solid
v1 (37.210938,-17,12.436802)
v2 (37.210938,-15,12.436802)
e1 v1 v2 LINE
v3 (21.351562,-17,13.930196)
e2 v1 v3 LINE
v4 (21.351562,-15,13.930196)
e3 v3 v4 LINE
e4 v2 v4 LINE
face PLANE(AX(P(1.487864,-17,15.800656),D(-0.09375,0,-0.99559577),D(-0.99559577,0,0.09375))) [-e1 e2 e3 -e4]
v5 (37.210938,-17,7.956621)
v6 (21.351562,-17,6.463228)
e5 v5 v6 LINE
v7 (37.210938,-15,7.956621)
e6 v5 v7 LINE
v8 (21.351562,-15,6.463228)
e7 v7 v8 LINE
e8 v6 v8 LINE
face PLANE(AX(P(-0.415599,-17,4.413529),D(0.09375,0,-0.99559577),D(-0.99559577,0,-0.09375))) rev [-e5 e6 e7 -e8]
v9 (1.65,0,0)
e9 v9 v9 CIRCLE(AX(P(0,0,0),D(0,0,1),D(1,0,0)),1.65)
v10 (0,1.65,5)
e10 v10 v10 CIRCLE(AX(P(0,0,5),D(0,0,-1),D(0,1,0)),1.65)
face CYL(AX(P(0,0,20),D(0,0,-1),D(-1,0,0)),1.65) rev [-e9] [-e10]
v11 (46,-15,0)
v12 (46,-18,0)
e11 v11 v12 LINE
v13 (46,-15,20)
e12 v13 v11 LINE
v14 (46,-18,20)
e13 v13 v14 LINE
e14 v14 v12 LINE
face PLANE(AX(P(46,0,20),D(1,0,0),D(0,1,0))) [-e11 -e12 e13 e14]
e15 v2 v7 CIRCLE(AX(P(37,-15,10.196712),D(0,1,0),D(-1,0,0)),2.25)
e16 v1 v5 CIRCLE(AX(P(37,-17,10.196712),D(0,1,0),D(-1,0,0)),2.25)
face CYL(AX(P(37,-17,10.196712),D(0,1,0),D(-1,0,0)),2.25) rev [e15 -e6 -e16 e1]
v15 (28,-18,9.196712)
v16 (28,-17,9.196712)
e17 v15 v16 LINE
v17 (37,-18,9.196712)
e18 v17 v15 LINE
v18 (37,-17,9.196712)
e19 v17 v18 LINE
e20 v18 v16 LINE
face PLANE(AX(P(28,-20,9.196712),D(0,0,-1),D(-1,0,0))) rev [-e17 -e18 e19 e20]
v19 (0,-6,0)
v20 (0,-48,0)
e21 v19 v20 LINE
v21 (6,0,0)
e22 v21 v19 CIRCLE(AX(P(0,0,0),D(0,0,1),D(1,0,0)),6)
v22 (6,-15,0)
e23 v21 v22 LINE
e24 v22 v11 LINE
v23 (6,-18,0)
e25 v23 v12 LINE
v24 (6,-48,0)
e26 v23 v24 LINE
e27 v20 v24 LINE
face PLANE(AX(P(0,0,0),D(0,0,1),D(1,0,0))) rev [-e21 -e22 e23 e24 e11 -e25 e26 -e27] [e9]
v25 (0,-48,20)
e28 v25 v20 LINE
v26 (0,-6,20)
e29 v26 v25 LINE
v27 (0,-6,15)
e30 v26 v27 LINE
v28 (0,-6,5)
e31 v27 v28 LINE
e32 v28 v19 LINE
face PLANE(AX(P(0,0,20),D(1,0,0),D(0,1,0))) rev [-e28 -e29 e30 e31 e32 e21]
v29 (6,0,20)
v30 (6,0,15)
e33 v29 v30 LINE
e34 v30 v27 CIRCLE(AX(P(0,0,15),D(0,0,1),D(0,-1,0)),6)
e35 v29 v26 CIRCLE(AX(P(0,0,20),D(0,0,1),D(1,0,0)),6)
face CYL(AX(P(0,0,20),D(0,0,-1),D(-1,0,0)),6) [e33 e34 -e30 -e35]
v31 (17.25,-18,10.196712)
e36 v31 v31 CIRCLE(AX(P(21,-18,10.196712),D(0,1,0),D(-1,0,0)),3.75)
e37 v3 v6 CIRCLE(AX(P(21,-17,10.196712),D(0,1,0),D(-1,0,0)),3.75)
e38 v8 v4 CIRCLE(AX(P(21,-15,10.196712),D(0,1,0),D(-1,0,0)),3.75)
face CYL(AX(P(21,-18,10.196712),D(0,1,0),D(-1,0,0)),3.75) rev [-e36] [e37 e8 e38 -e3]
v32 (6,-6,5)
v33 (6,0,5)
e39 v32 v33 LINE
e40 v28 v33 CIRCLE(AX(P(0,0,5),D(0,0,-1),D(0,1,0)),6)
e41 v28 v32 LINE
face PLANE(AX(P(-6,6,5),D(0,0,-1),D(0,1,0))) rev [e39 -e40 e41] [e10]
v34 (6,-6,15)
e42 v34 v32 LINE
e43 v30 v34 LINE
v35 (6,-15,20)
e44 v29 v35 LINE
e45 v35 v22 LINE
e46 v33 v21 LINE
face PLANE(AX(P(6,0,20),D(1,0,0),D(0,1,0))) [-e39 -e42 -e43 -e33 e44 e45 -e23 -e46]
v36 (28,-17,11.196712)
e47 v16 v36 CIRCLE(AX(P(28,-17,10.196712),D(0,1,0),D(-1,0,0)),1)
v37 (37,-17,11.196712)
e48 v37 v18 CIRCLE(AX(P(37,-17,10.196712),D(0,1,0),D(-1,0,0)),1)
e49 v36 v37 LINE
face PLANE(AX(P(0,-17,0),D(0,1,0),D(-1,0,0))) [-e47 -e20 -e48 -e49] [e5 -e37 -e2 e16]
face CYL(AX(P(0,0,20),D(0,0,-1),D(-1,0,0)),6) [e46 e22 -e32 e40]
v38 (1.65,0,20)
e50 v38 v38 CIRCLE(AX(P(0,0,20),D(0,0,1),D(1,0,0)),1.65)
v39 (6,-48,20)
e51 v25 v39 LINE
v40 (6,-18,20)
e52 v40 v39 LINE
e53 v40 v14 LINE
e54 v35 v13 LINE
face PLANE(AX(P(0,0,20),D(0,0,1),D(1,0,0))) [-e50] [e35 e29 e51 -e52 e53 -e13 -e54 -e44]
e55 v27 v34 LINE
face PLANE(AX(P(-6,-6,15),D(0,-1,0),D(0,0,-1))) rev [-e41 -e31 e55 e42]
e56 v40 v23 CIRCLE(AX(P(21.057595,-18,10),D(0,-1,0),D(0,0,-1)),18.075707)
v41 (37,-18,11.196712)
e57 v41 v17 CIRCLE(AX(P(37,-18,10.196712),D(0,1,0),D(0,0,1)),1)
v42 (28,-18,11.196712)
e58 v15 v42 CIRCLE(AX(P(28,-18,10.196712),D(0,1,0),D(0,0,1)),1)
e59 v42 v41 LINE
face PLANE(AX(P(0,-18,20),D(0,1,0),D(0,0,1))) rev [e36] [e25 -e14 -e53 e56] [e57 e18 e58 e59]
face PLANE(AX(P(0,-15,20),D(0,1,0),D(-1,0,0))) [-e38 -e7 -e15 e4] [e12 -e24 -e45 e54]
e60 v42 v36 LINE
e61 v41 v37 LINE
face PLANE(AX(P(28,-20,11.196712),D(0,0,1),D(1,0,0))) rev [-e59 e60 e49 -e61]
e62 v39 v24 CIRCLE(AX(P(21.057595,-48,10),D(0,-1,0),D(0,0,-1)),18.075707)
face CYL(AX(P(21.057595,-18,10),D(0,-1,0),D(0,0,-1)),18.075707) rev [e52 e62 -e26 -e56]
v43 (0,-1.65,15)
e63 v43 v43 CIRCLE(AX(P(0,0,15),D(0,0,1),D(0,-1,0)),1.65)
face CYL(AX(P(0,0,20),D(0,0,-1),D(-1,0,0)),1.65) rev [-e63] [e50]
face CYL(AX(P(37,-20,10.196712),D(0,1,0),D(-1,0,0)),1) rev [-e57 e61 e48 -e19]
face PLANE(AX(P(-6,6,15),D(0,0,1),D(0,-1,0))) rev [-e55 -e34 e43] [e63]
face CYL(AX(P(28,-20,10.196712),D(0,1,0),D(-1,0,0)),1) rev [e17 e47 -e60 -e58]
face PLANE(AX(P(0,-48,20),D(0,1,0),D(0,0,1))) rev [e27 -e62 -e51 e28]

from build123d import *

# Parameters (mm, degrees)
SKETCH_1_W          = 40
SKETCH_1_H          = 3
EXTRUDE_1_DEPTH     = 20
SKETCH_2_R          = 2.25
CUT_EXTRUDE_1_DEPTH = 2
SKETCH_3_R          = 3.75
CUT_EXTRUDE_2_DEPTH = 3
CUT_EXTRUDE_3_DEPTH = 3
SKETCH_5_W          = 10
SKETCH_5_H          = 12
CUT_EXTRUDE_4_DEPTH = 12
CUT_EXTRUDE_5_DEPTH = 30


with BuildPart() as part:
    # 草图1 → 凸台-拉伸1 (new body)
    with BuildSketch(Plane.XY):
        with BuildLine():
            ThreePointArc((0, -1.65), (-1.166726189, 1.166726189), (1.65, 0))
            Line((1.65, 0), (6, 0))
            ThreePointArc((6, 0), (-4.242640687, 4.242640687), (0, -6))
            Line((0, -6), (0, -1.65))
        make_face()
        with BuildLine():
            Line((6, 0), (1.65, 0))
            ThreePointArc((1.65, 0), (1.166726189, -1.166726189), (0, -1.65))
            Line((0, -1.65), (0, -6))
            ThreePointArc((0, -6), (4.242640687, -4.242640687), (6, 0))
        make_face()
        with BuildLine():
            Line((6, -15), (6, 0))
            ThreePointArc((6, 0), (4.242640687, -4.242640687), (0, -6))
            Line((0, -6), (0, -48))
            Line((0, -48), (6, -48))
            Line((6, -48), (6, -18))
            Line((6, -18), (6, -15))
        make_face()
        with Locations((26, -16.5)):
            Rectangle(SKETCH_1_W, SKETCH_1_H)
    extrude(amount=EXTRUDE_1_DEPTH)

    # 草图2 → 切除-拉伸1 (cut)
    with BuildSketch(Plane(origin=(0, -15, 0), x_dir=(1, 0, 0), z_dir=(0, 1, 0))):
        with BuildLine():
            ThreePointArc((37.2109375, -12.436802432), (34.75, -10.196711949), (37.2109375, -7.956621466))
            Line((37.2109375, -7.956621466), (21.3515625, -6.463227811))
            ThreePointArc((21.3515625, -6.463227811), (23.773162398, -7.672415946), (24.75, -10.196711949))
            ThreePointArc((24.75, -10.196711949), (23.773162398, -12.721007952), (21.3515625, -13.930196087))
            Line((21.3515625, -13.930196087), (37.2109375, -12.436802432))
        make_face()
        with Locations((37, -10.196711949)):
            Circle(SKETCH_2_R)
    extrude(amount=-CUT_EXTRUDE_1_DEPTH, mode=Mode.SUBTRACT)

    # 草图3 → 切除-拉伸2 (cut)
    with BuildSketch(Plane(origin=(0, -15, 0), x_dir=(1, 0, 0), z_dir=(0, 1, 0))):
        with Locations(Location((21, -10.196711949, 0), (0, 0, 180))):
            Circle(SKETCH_3_R)
    extrude(amount=-CUT_EXTRUDE_2_DEPTH, mode=Mode.SUBTRACT)

    # 草图4 → 切除-拉伸3 (cut)
    with BuildSketch(Plane(origin=(0, -17, 0), x_dir=(1, 0, 0), z_dir=(0, 1, 0))):
        with BuildLine():
            Line((28, -9.196711949), (37, -9.196711949))
            ThreePointArc((37, -9.196711949), (38, -10.196711949), (37, -11.196711949))
            Line((37, -11.196711949), (28, -11.196711949))
            ThreePointArc((28, -11.196711949), (27, -10.196711949), (28, -9.196711949))
        make_face()
    extrude(amount=-CUT_EXTRUDE_3_DEPTH, mode=Mode.SUBTRACT)

    # 草图5 → 切除-拉伸4 (cut)
    with BuildSketch(Plane(origin=(6, 0, 0), x_dir=(0, 0, -1), z_dir=(1, 0, 0))):
        with Locations((-10, 0)):
            Rectangle(SKETCH_5_W, SKETCH_5_H)
    extrude(amount=-CUT_EXTRUDE_4_DEPTH, mode=Mode.SUBTRACT)

    # 草图6 → 切除-拉伸5 (cut)
    with BuildSketch(Plane.XZ.offset(48)):
        with BuildLine():
            Line((6, 20), (6, 0))
            ThreePointArc((6, 0), (2.981888497, 10), (6, 20))
        make_face()
    extrude(amount=-CUT_EXTRUDE_5_DEPTH, mode=Mode.SUBTRACT)


solid = part.part
